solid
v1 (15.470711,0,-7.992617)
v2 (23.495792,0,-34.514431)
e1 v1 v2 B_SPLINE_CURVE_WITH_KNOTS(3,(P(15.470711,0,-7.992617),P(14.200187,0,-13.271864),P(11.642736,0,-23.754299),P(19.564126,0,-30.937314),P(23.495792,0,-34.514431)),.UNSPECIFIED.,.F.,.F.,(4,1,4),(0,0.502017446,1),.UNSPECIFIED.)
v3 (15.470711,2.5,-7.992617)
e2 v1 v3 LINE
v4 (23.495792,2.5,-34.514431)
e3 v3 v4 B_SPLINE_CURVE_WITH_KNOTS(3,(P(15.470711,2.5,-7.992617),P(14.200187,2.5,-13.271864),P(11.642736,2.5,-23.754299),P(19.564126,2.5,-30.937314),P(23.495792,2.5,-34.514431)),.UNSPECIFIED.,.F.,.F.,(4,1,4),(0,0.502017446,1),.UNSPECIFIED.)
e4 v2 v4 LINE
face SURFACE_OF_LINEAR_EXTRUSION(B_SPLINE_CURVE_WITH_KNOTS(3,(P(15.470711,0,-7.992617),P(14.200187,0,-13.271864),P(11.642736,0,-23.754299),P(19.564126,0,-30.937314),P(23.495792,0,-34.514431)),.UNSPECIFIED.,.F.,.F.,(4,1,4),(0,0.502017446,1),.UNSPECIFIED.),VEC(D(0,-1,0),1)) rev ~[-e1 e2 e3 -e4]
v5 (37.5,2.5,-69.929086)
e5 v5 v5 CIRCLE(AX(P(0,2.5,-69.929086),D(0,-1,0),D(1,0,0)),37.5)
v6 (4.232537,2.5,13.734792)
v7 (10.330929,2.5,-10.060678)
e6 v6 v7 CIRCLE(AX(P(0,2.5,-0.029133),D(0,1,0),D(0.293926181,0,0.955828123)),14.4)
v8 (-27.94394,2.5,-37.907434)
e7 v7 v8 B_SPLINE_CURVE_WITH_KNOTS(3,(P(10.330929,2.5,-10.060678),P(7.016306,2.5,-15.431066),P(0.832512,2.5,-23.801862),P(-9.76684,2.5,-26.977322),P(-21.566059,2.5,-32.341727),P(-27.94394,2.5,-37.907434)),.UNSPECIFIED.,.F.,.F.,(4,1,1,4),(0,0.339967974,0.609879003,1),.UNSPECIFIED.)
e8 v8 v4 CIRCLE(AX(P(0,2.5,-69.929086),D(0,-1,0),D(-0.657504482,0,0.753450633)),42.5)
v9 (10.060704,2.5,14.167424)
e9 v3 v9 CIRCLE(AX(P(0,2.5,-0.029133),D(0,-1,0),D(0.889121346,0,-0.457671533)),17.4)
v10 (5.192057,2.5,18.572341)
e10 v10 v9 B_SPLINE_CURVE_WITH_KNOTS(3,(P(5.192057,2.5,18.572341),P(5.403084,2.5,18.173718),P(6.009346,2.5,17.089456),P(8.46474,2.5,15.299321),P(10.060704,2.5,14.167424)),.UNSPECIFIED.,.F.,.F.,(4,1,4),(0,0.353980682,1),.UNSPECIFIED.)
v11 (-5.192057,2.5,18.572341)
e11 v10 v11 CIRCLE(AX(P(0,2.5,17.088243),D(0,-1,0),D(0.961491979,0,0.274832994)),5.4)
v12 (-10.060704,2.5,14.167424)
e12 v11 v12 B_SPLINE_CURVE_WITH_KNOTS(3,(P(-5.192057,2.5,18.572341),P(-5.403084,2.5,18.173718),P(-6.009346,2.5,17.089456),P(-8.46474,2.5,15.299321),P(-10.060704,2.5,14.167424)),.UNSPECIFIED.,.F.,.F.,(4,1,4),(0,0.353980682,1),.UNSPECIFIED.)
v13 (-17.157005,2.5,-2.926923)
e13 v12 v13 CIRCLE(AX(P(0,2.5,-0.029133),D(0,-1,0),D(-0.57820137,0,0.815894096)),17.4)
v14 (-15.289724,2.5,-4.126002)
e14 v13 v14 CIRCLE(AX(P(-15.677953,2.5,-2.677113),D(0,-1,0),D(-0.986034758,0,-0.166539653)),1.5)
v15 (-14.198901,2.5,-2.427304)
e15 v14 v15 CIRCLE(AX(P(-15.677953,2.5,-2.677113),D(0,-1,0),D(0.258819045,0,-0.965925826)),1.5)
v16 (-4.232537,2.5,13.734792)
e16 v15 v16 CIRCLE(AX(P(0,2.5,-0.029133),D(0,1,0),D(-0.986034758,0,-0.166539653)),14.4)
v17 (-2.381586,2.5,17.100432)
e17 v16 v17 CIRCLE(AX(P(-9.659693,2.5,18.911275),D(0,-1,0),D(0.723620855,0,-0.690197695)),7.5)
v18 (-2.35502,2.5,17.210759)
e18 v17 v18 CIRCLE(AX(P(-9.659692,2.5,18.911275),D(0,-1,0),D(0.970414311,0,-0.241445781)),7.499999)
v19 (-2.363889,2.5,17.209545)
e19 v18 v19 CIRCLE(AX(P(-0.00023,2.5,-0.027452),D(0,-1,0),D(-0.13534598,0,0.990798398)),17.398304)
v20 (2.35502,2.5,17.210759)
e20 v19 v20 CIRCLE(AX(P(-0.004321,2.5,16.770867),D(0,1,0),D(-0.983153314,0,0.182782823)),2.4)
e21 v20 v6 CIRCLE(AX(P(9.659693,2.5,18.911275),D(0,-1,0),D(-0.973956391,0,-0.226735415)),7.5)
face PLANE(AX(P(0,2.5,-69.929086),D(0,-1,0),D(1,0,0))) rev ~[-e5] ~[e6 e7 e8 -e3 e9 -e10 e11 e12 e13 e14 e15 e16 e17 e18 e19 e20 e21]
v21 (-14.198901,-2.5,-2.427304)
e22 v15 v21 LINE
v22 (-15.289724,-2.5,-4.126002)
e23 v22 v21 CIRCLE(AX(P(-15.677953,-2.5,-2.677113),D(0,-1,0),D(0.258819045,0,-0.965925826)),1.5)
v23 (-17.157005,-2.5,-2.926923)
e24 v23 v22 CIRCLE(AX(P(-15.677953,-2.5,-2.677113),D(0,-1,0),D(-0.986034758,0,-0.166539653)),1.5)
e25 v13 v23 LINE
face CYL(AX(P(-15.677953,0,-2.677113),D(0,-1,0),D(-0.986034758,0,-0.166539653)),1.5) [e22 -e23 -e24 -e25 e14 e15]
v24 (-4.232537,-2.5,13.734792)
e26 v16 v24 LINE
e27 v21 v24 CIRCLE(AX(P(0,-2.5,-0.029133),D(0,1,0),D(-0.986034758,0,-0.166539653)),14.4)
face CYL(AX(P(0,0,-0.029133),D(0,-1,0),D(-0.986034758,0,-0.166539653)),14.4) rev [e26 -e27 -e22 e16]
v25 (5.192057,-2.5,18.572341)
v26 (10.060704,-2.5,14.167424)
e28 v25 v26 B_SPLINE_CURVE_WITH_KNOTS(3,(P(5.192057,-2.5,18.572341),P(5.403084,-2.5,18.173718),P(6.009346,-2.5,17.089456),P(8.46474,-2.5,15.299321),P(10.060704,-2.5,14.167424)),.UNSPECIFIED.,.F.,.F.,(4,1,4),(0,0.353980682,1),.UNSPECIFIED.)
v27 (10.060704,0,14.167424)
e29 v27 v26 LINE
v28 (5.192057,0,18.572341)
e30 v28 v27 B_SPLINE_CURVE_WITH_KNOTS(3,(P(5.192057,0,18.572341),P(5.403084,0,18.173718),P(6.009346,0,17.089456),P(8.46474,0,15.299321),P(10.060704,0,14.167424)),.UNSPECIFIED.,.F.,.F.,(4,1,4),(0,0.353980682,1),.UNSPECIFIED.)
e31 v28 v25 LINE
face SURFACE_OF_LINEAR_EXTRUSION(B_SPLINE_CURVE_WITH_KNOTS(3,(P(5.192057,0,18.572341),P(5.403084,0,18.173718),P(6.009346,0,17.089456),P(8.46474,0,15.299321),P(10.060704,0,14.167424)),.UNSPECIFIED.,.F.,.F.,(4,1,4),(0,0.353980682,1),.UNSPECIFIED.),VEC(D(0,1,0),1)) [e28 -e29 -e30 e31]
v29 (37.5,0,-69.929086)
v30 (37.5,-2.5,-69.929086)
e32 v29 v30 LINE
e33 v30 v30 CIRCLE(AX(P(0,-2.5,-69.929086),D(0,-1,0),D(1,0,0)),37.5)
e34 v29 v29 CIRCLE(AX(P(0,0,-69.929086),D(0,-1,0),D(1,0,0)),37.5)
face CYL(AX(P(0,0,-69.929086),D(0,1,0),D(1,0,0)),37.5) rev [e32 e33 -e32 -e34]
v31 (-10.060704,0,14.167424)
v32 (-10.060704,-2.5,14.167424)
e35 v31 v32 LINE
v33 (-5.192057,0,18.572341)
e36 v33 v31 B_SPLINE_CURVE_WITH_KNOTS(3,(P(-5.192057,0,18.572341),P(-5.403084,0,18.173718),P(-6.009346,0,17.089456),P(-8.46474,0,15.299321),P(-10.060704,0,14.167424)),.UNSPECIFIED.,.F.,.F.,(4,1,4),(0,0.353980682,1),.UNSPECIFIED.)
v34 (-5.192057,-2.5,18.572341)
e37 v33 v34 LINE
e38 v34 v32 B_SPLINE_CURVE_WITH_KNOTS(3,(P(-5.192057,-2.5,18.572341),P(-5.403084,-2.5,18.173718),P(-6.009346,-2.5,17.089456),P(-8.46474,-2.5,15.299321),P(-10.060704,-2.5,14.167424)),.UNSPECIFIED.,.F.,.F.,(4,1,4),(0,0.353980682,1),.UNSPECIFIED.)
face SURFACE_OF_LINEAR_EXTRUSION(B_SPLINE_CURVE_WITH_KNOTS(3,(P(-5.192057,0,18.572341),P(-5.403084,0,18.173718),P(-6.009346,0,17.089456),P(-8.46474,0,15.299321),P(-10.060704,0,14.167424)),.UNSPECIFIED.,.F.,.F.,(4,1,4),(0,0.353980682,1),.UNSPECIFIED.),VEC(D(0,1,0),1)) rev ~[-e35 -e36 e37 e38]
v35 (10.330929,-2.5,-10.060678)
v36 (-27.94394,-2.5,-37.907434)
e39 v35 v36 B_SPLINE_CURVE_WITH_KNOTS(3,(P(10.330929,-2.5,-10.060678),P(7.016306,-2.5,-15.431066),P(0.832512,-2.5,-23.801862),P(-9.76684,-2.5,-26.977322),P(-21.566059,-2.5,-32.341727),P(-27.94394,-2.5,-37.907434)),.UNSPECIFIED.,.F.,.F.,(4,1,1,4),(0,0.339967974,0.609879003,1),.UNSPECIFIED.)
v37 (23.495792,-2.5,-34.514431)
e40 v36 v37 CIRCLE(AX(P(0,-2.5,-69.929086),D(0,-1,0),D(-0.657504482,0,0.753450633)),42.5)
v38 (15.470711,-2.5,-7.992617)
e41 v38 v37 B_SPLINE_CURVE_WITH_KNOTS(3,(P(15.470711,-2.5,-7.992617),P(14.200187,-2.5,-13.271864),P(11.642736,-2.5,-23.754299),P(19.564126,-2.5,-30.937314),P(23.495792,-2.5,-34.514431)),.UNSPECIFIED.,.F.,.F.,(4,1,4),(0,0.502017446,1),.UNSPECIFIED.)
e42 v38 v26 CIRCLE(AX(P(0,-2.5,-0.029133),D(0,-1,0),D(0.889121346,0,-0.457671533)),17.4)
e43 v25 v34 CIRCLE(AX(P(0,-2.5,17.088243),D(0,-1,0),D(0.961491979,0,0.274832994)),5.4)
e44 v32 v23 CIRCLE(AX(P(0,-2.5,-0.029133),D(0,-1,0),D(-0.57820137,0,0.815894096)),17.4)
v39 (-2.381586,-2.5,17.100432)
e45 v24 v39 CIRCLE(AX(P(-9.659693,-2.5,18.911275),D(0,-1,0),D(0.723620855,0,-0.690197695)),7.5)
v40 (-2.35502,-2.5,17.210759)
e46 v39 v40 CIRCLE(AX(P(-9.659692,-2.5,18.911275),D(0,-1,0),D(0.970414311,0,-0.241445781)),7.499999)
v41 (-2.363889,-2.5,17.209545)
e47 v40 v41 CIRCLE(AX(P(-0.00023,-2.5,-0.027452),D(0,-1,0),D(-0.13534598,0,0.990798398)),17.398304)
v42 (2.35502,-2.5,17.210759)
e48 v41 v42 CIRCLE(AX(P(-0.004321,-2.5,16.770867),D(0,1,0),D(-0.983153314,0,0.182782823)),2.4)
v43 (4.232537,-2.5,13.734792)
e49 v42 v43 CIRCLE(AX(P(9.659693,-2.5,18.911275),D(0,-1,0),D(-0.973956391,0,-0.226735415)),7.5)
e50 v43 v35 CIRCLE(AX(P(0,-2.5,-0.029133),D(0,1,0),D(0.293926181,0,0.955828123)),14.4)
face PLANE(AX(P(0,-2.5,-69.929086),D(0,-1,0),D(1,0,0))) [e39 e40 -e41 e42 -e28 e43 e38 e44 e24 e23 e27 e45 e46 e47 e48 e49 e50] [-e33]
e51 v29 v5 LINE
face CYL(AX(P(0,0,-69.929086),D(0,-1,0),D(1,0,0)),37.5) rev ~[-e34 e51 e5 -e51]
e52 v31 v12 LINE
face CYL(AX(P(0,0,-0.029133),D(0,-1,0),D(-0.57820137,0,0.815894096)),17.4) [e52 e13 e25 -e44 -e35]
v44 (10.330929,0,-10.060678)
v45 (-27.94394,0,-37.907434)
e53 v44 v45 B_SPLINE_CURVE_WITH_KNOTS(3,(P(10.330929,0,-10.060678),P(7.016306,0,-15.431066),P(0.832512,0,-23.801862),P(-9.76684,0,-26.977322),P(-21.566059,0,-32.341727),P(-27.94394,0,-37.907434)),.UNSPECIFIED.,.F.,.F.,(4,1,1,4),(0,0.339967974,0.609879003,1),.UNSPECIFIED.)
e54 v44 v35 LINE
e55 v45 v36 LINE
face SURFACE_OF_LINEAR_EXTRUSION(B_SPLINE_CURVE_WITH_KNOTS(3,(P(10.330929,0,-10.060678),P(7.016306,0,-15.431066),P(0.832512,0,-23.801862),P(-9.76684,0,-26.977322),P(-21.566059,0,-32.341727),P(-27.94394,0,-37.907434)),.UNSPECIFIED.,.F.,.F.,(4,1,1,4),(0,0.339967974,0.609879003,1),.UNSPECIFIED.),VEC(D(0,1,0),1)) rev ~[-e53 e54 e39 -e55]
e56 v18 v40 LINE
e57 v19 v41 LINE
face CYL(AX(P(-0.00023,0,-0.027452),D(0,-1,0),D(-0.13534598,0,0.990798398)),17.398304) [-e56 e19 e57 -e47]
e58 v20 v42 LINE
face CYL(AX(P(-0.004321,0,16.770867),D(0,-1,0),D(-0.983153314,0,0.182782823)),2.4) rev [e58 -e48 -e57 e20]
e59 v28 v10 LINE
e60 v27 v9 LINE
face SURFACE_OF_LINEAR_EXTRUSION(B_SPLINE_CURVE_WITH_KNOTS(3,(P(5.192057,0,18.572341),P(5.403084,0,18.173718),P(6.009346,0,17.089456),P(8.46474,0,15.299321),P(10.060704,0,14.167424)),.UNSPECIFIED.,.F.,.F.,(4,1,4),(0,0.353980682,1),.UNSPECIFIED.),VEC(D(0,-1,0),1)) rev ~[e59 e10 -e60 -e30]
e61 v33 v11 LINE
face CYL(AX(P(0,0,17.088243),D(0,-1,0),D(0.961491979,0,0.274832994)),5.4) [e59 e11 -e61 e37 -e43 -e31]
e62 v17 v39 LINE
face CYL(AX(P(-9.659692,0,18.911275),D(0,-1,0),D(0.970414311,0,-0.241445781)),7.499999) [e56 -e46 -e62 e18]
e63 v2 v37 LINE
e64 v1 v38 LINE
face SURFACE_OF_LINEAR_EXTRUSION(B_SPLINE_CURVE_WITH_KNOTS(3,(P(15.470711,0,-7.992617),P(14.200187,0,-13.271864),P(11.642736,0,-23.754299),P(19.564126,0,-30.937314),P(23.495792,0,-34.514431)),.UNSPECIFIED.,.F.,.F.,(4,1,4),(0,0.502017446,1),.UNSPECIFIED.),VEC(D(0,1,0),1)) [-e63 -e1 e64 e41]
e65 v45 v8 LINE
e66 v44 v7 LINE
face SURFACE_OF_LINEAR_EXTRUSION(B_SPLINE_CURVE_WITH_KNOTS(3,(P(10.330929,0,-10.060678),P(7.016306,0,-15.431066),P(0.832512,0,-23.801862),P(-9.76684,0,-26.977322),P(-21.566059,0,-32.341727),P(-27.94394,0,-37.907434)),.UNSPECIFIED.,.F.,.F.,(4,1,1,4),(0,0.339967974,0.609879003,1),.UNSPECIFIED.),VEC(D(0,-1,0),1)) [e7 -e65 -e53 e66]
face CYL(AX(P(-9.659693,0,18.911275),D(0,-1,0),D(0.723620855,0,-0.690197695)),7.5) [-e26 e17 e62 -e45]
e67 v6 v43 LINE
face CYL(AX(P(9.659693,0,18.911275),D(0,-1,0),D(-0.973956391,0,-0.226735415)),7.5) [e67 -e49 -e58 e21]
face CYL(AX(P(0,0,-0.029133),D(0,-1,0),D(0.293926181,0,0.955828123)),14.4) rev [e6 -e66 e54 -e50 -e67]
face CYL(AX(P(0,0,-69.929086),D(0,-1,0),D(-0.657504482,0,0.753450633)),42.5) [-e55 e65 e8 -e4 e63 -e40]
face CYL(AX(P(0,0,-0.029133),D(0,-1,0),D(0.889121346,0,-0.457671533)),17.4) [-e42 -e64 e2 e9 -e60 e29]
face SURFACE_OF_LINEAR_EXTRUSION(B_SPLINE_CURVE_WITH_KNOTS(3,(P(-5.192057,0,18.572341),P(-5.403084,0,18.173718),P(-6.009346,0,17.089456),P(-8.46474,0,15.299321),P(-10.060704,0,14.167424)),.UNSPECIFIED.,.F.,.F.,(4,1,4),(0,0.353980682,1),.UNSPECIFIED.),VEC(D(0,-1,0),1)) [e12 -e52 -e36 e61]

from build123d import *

# Parameters (mm, degrees)
F0_R     = 37.5
F1_DEPTH = 2.5


with BuildPart() as f1:
    # F0 (on Front) → F1 (new body, symmetric)
    with BuildSketch(Plane.XZ):
        with BuildLine():
            ThreePointArc((23.495791584, -34.5144310796), (-2.7972530191, -27.5212402414), (-27.9439404953, -37.9074340379))
            ThreePointArc((-27.9439404953, -37.9074340379), (-17.5873893593, -108.6193138327), (42.5, -69.9290859253))
            ThreePointArc((42.5, -69.9290859253), (37.4487726255, -49.8333294369), (23.495791584, -34.5144310796))
        make_face()
        with Locations((0, -69.9290859253)):
            Circle(F0_R, mode=Mode.SUBTRACT)
        with BuildLine():
            add(Edge.make_bspline(
                [(5.1920566863, 18.5723408589), (5.4030836199, 18.1737175795), (6.009346047, 17.0894557175), (8.4647401185, 15.2993210086), (10.0607038312, 14.1674244584)],
                knots=[0, 0, 0, 0, 0.353980682, 1, 1, 1, 1], degree=3))
            ThreePointArc((5.1920566863, 18.5723408589), (0, 22.4882426928), (-5.1920566863, 18.5723408589))
            add(Edge.make_bspline(
                [(-5.1920566863, 18.5723408589), (-5.4030836199, 18.1737175795), (-6.009346047, 17.0894557175), (-8.4647401185, 15.2993210086), (-10.0607038312, 14.1674244584)],
                knots=[0, 0, 0, 0, 0.353980682, 1, 1, 1, 1], degree=3))
            ThreePointArc((-10.0607038312, 14.1674244584), (-16.0703171245, 6.6420670409), (-17.1570047894, -2.9269227761))
            ThreePointArc((-17.1570047894, -2.9269227761), (-16.488459767, -3.9392853203), (-15.2897240847, -4.1260020361))
            ThreePointArc((-15.2897240847, -4.1260020361), (-14.4157806287, -3.4876204113), (-14.1989005153, -2.4273038173))
            ThreePointArc((-14.1989005153, -2.4273038173), (-12.2569494075, 7.5291203707), (-4.2325370023, 13.7347921529))
            ThreePointArc((-4.2325370023, 13.7347921529), (-3.0879498251, 15.2971102039), (-2.3815860794, 17.1004315168))
            ThreePointArc((-2.3815860794, 17.1004315168), (-2.3733660378, 17.1550903584), (-2.3638894327, 17.2095454042))
            ThreePointArc((-2.3638894327, 17.2095454042), (-0.0049388321, 19.1708665497), (2.3550204808, 17.2107592534))
            ThreePointArc((2.3550204808, 17.2107592534), (3.060795291, 15.3469315093), (4.2325370023, 13.7347921529))
            ThreePointArc((4.2325370023, 13.7347921529), (13.9491841539, 3.5458163369), (10.330929233, -10.0606781189))
            add(Edge.make_bspline(
                [(10.330929233, -10.0606781189), (7.0163060906, -15.4310663182), (0.8325115992, -23.801862272), (-9.7668403245, -26.9773220336), (-21.5660588981, -32.3417266701), (-27.9439404953, -37.9074340379)],
                knots=[0, 0, 0, 0, 0.3399679741, 0.609879003, 1, 1, 1, 1], degree=3))
            ThreePointArc((-27.9439404953, -37.9074340379), (-2.7972530191, -27.5212402414), (23.495791584, -34.5144310796))
            add(Edge.make_bspline(
                [(15.4707114186, -7.9926174921), (14.2001866213, -13.2718644657), (11.6427356628, -23.7542991739), (19.5641259536, -30.9373140161), (23.495791584, -34.5144310796)],
                knots=[0, 0, 0, 0, 0.5020174455, 1, 1, 1, 1], degree=3))
            ThreePointArc((15.4707114186, -7.9926174921), (16.9035545368, 4.0975903429), (10.0607038312, 14.1674244584))
        make_face()
        with BuildLine():
            ThreePointArc((-2.3638894327, 17.2095454042), (-2.3733660378, 17.1550903584), (-2.3815860794, 17.1004315168))
            ThreePointArc((-2.3815860794, 17.1004315168), (-2.3680946087, 17.1555451395), (-2.3550204808, 17.2107592534))
            ThreePointArc((-2.3550204808, 17.2107592534), (-2.3594550348, 17.2101528992), (-2.3638894327, 17.2095454042))
        make_face()
    extrude(amount=F1_DEPTH, both=True)


solid = f1.part
